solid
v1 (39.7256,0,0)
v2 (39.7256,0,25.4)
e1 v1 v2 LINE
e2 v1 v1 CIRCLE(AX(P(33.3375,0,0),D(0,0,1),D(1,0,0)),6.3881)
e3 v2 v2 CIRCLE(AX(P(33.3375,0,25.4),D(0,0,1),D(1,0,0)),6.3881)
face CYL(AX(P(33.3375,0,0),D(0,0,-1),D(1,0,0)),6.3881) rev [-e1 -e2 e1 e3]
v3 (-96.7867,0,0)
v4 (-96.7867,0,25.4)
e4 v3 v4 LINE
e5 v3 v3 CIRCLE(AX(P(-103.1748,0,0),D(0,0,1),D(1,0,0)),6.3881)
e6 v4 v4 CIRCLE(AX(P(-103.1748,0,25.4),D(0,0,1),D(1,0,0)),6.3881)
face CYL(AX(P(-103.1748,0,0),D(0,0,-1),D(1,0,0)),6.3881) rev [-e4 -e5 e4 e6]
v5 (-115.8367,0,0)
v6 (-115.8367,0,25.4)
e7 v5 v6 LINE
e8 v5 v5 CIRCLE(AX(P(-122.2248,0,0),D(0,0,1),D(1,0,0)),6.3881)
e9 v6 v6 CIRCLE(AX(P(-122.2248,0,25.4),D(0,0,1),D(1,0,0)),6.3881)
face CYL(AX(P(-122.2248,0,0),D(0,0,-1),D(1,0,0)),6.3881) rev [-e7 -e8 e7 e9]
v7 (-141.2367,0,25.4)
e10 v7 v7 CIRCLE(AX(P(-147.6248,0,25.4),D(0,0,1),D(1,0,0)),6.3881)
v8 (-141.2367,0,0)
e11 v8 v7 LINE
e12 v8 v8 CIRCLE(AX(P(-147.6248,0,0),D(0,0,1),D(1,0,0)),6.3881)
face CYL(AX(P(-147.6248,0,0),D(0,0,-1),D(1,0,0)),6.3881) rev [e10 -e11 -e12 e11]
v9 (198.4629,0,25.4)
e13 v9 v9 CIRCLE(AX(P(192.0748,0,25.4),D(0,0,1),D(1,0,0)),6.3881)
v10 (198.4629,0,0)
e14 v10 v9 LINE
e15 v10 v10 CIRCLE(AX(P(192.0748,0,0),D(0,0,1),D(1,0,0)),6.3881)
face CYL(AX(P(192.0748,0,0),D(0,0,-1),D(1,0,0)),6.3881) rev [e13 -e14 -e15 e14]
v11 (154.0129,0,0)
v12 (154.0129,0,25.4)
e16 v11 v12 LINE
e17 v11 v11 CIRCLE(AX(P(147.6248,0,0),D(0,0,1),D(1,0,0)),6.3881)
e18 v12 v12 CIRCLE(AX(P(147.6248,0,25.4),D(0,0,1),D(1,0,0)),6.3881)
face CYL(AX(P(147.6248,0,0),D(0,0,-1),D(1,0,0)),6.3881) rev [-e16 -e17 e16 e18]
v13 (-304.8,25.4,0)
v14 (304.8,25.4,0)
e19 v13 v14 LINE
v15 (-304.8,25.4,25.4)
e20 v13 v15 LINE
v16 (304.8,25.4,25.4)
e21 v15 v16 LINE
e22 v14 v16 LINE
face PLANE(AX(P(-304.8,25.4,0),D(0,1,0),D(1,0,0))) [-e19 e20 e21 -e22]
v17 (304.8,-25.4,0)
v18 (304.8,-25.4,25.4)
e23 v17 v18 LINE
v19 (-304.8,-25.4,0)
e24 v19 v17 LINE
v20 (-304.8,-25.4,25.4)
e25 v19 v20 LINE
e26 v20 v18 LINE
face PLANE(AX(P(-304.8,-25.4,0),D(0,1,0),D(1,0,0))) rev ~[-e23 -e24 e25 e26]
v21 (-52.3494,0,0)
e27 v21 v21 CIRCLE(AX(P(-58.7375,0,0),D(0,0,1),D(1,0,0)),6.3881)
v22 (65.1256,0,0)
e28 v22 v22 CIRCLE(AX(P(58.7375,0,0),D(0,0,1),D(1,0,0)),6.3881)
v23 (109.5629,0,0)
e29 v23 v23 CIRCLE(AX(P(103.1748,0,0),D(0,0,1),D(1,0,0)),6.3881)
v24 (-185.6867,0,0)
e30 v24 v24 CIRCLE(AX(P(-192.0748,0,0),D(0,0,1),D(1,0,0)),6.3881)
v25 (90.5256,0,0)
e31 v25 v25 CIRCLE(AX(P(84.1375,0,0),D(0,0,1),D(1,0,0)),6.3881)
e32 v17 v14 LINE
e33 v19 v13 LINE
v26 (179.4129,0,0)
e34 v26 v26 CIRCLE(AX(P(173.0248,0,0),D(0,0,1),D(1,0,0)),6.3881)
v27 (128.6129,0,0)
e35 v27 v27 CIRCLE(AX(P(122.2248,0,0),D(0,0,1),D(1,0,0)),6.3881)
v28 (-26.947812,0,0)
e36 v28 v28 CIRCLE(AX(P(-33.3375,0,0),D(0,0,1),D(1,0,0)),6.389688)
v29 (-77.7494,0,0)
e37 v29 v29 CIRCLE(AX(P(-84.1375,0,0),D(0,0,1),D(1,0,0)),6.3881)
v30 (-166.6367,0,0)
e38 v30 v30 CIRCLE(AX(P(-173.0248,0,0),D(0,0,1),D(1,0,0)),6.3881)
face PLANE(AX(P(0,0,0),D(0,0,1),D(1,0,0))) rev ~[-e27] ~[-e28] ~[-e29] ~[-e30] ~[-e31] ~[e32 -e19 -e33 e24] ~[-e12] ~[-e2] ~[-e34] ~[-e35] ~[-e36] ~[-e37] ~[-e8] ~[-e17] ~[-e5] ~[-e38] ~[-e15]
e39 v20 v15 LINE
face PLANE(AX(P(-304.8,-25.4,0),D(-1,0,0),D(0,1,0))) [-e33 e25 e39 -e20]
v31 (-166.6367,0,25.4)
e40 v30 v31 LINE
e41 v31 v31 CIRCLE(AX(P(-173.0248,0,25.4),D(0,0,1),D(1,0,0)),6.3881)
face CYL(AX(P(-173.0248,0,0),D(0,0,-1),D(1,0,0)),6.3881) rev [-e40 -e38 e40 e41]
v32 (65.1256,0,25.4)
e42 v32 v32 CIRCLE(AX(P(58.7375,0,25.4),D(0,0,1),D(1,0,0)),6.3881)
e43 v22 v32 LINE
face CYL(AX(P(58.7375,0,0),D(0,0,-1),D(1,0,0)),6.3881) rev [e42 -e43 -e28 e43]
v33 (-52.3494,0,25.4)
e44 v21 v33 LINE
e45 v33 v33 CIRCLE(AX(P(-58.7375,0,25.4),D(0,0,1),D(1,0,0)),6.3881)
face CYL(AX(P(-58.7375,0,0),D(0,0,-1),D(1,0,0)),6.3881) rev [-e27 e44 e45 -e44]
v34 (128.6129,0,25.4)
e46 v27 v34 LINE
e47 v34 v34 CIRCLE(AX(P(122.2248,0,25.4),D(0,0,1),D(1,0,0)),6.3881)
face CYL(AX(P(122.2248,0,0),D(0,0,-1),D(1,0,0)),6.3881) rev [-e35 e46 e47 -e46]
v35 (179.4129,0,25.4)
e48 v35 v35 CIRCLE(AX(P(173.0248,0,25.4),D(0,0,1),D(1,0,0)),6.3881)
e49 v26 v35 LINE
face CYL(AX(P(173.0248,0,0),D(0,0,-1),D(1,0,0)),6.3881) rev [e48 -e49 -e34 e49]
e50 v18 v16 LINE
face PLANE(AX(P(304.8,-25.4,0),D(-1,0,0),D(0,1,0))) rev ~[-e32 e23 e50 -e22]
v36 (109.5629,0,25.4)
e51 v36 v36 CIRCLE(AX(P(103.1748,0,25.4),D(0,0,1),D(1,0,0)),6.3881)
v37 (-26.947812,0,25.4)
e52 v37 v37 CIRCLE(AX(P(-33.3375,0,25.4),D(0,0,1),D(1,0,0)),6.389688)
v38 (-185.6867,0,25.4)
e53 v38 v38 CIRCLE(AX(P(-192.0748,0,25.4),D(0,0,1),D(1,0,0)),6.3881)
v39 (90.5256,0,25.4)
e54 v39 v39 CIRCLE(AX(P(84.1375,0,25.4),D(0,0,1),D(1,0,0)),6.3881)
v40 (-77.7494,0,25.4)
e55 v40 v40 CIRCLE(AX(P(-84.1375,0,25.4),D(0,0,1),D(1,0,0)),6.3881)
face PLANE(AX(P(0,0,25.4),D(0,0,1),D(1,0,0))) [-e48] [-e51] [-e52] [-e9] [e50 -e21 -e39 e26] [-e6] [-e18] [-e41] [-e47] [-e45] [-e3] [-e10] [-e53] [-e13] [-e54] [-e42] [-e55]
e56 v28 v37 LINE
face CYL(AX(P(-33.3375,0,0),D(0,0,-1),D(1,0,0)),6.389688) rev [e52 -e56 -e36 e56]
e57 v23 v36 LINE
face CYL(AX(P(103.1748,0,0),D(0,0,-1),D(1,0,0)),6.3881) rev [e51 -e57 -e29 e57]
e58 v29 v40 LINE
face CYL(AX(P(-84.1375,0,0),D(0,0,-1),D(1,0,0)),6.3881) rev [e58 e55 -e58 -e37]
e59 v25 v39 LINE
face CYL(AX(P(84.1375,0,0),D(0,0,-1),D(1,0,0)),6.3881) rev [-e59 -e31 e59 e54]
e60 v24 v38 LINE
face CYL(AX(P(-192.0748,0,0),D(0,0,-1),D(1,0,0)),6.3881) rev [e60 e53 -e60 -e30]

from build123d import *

# Parameters (mm, degrees)
F0_W     = 609.6
F0_H     = 50.8
F0_R     = 6.3881
F0_R_2   = 6.389688
F1_DEPTH = 25.4


with BuildPart() as f1:
    # F0 (on Top) → F1 (new body)
    with BuildSketch(Plane.XY):
        Rectangle(F0_W, F0_H)
        with Locations((-192.0748, 0)):
            Circle(F0_R, mode=Mode.SUBTRACT)
        with Locations((-173.0248, 0)):
            Circle(F0_R, mode=Mode.SUBTRACT)
        with Locations((-147.6248, 0)):
            Circle(F0_R, mode=Mode.SUBTRACT)
        with Locations((-122.2248, 0)):
            Circle(F0_R, mode=Mode.SUBTRACT)
        with Locations((-103.1748, 0)):
            Circle(F0_R, mode=Mode.SUBTRACT)
        with Locations((-84.1375, 0)):
            Circle(F0_R, mode=Mode.SUBTRACT)
        with Locations((-58.7375, 0)):
            Circle(F0_R, mode=Mode.SUBTRACT)
        with Locations((-33.3375, 0)):
            Circle(F0_R_2, mode=Mode.SUBTRACT)
        with Locations((33.3375, 0)):
            Circle(F0_R, mode=Mode.SUBTRACT)
        with Locations((58.7375, 0)):
            Circle(F0_R, mode=Mode.SUBTRACT)
        with Locations((84.1375, 0)):
            Circle(F0_R, mode=Mode.SUBTRACT)
        with Locations((103.1748, 0)):
            Circle(F0_R, mode=Mode.SUBTRACT)
        with Locations((122.2248, 0)):
            Circle(F0_R, mode=Mode.SUBTRACT)
        with Locations((147.6248, 0)):
            Circle(F0_R, mode=Mode.SUBTRACT)
        with Locations((173.0248, 0)):
            Circle(F0_R, mode=Mode.SUBTRACT)
        with Locations((192.0748, 0)):
            Circle(F0_R, mode=Mode.SUBTRACT)
    extrude(amount=F1_DEPTH)


solid = f1.part
